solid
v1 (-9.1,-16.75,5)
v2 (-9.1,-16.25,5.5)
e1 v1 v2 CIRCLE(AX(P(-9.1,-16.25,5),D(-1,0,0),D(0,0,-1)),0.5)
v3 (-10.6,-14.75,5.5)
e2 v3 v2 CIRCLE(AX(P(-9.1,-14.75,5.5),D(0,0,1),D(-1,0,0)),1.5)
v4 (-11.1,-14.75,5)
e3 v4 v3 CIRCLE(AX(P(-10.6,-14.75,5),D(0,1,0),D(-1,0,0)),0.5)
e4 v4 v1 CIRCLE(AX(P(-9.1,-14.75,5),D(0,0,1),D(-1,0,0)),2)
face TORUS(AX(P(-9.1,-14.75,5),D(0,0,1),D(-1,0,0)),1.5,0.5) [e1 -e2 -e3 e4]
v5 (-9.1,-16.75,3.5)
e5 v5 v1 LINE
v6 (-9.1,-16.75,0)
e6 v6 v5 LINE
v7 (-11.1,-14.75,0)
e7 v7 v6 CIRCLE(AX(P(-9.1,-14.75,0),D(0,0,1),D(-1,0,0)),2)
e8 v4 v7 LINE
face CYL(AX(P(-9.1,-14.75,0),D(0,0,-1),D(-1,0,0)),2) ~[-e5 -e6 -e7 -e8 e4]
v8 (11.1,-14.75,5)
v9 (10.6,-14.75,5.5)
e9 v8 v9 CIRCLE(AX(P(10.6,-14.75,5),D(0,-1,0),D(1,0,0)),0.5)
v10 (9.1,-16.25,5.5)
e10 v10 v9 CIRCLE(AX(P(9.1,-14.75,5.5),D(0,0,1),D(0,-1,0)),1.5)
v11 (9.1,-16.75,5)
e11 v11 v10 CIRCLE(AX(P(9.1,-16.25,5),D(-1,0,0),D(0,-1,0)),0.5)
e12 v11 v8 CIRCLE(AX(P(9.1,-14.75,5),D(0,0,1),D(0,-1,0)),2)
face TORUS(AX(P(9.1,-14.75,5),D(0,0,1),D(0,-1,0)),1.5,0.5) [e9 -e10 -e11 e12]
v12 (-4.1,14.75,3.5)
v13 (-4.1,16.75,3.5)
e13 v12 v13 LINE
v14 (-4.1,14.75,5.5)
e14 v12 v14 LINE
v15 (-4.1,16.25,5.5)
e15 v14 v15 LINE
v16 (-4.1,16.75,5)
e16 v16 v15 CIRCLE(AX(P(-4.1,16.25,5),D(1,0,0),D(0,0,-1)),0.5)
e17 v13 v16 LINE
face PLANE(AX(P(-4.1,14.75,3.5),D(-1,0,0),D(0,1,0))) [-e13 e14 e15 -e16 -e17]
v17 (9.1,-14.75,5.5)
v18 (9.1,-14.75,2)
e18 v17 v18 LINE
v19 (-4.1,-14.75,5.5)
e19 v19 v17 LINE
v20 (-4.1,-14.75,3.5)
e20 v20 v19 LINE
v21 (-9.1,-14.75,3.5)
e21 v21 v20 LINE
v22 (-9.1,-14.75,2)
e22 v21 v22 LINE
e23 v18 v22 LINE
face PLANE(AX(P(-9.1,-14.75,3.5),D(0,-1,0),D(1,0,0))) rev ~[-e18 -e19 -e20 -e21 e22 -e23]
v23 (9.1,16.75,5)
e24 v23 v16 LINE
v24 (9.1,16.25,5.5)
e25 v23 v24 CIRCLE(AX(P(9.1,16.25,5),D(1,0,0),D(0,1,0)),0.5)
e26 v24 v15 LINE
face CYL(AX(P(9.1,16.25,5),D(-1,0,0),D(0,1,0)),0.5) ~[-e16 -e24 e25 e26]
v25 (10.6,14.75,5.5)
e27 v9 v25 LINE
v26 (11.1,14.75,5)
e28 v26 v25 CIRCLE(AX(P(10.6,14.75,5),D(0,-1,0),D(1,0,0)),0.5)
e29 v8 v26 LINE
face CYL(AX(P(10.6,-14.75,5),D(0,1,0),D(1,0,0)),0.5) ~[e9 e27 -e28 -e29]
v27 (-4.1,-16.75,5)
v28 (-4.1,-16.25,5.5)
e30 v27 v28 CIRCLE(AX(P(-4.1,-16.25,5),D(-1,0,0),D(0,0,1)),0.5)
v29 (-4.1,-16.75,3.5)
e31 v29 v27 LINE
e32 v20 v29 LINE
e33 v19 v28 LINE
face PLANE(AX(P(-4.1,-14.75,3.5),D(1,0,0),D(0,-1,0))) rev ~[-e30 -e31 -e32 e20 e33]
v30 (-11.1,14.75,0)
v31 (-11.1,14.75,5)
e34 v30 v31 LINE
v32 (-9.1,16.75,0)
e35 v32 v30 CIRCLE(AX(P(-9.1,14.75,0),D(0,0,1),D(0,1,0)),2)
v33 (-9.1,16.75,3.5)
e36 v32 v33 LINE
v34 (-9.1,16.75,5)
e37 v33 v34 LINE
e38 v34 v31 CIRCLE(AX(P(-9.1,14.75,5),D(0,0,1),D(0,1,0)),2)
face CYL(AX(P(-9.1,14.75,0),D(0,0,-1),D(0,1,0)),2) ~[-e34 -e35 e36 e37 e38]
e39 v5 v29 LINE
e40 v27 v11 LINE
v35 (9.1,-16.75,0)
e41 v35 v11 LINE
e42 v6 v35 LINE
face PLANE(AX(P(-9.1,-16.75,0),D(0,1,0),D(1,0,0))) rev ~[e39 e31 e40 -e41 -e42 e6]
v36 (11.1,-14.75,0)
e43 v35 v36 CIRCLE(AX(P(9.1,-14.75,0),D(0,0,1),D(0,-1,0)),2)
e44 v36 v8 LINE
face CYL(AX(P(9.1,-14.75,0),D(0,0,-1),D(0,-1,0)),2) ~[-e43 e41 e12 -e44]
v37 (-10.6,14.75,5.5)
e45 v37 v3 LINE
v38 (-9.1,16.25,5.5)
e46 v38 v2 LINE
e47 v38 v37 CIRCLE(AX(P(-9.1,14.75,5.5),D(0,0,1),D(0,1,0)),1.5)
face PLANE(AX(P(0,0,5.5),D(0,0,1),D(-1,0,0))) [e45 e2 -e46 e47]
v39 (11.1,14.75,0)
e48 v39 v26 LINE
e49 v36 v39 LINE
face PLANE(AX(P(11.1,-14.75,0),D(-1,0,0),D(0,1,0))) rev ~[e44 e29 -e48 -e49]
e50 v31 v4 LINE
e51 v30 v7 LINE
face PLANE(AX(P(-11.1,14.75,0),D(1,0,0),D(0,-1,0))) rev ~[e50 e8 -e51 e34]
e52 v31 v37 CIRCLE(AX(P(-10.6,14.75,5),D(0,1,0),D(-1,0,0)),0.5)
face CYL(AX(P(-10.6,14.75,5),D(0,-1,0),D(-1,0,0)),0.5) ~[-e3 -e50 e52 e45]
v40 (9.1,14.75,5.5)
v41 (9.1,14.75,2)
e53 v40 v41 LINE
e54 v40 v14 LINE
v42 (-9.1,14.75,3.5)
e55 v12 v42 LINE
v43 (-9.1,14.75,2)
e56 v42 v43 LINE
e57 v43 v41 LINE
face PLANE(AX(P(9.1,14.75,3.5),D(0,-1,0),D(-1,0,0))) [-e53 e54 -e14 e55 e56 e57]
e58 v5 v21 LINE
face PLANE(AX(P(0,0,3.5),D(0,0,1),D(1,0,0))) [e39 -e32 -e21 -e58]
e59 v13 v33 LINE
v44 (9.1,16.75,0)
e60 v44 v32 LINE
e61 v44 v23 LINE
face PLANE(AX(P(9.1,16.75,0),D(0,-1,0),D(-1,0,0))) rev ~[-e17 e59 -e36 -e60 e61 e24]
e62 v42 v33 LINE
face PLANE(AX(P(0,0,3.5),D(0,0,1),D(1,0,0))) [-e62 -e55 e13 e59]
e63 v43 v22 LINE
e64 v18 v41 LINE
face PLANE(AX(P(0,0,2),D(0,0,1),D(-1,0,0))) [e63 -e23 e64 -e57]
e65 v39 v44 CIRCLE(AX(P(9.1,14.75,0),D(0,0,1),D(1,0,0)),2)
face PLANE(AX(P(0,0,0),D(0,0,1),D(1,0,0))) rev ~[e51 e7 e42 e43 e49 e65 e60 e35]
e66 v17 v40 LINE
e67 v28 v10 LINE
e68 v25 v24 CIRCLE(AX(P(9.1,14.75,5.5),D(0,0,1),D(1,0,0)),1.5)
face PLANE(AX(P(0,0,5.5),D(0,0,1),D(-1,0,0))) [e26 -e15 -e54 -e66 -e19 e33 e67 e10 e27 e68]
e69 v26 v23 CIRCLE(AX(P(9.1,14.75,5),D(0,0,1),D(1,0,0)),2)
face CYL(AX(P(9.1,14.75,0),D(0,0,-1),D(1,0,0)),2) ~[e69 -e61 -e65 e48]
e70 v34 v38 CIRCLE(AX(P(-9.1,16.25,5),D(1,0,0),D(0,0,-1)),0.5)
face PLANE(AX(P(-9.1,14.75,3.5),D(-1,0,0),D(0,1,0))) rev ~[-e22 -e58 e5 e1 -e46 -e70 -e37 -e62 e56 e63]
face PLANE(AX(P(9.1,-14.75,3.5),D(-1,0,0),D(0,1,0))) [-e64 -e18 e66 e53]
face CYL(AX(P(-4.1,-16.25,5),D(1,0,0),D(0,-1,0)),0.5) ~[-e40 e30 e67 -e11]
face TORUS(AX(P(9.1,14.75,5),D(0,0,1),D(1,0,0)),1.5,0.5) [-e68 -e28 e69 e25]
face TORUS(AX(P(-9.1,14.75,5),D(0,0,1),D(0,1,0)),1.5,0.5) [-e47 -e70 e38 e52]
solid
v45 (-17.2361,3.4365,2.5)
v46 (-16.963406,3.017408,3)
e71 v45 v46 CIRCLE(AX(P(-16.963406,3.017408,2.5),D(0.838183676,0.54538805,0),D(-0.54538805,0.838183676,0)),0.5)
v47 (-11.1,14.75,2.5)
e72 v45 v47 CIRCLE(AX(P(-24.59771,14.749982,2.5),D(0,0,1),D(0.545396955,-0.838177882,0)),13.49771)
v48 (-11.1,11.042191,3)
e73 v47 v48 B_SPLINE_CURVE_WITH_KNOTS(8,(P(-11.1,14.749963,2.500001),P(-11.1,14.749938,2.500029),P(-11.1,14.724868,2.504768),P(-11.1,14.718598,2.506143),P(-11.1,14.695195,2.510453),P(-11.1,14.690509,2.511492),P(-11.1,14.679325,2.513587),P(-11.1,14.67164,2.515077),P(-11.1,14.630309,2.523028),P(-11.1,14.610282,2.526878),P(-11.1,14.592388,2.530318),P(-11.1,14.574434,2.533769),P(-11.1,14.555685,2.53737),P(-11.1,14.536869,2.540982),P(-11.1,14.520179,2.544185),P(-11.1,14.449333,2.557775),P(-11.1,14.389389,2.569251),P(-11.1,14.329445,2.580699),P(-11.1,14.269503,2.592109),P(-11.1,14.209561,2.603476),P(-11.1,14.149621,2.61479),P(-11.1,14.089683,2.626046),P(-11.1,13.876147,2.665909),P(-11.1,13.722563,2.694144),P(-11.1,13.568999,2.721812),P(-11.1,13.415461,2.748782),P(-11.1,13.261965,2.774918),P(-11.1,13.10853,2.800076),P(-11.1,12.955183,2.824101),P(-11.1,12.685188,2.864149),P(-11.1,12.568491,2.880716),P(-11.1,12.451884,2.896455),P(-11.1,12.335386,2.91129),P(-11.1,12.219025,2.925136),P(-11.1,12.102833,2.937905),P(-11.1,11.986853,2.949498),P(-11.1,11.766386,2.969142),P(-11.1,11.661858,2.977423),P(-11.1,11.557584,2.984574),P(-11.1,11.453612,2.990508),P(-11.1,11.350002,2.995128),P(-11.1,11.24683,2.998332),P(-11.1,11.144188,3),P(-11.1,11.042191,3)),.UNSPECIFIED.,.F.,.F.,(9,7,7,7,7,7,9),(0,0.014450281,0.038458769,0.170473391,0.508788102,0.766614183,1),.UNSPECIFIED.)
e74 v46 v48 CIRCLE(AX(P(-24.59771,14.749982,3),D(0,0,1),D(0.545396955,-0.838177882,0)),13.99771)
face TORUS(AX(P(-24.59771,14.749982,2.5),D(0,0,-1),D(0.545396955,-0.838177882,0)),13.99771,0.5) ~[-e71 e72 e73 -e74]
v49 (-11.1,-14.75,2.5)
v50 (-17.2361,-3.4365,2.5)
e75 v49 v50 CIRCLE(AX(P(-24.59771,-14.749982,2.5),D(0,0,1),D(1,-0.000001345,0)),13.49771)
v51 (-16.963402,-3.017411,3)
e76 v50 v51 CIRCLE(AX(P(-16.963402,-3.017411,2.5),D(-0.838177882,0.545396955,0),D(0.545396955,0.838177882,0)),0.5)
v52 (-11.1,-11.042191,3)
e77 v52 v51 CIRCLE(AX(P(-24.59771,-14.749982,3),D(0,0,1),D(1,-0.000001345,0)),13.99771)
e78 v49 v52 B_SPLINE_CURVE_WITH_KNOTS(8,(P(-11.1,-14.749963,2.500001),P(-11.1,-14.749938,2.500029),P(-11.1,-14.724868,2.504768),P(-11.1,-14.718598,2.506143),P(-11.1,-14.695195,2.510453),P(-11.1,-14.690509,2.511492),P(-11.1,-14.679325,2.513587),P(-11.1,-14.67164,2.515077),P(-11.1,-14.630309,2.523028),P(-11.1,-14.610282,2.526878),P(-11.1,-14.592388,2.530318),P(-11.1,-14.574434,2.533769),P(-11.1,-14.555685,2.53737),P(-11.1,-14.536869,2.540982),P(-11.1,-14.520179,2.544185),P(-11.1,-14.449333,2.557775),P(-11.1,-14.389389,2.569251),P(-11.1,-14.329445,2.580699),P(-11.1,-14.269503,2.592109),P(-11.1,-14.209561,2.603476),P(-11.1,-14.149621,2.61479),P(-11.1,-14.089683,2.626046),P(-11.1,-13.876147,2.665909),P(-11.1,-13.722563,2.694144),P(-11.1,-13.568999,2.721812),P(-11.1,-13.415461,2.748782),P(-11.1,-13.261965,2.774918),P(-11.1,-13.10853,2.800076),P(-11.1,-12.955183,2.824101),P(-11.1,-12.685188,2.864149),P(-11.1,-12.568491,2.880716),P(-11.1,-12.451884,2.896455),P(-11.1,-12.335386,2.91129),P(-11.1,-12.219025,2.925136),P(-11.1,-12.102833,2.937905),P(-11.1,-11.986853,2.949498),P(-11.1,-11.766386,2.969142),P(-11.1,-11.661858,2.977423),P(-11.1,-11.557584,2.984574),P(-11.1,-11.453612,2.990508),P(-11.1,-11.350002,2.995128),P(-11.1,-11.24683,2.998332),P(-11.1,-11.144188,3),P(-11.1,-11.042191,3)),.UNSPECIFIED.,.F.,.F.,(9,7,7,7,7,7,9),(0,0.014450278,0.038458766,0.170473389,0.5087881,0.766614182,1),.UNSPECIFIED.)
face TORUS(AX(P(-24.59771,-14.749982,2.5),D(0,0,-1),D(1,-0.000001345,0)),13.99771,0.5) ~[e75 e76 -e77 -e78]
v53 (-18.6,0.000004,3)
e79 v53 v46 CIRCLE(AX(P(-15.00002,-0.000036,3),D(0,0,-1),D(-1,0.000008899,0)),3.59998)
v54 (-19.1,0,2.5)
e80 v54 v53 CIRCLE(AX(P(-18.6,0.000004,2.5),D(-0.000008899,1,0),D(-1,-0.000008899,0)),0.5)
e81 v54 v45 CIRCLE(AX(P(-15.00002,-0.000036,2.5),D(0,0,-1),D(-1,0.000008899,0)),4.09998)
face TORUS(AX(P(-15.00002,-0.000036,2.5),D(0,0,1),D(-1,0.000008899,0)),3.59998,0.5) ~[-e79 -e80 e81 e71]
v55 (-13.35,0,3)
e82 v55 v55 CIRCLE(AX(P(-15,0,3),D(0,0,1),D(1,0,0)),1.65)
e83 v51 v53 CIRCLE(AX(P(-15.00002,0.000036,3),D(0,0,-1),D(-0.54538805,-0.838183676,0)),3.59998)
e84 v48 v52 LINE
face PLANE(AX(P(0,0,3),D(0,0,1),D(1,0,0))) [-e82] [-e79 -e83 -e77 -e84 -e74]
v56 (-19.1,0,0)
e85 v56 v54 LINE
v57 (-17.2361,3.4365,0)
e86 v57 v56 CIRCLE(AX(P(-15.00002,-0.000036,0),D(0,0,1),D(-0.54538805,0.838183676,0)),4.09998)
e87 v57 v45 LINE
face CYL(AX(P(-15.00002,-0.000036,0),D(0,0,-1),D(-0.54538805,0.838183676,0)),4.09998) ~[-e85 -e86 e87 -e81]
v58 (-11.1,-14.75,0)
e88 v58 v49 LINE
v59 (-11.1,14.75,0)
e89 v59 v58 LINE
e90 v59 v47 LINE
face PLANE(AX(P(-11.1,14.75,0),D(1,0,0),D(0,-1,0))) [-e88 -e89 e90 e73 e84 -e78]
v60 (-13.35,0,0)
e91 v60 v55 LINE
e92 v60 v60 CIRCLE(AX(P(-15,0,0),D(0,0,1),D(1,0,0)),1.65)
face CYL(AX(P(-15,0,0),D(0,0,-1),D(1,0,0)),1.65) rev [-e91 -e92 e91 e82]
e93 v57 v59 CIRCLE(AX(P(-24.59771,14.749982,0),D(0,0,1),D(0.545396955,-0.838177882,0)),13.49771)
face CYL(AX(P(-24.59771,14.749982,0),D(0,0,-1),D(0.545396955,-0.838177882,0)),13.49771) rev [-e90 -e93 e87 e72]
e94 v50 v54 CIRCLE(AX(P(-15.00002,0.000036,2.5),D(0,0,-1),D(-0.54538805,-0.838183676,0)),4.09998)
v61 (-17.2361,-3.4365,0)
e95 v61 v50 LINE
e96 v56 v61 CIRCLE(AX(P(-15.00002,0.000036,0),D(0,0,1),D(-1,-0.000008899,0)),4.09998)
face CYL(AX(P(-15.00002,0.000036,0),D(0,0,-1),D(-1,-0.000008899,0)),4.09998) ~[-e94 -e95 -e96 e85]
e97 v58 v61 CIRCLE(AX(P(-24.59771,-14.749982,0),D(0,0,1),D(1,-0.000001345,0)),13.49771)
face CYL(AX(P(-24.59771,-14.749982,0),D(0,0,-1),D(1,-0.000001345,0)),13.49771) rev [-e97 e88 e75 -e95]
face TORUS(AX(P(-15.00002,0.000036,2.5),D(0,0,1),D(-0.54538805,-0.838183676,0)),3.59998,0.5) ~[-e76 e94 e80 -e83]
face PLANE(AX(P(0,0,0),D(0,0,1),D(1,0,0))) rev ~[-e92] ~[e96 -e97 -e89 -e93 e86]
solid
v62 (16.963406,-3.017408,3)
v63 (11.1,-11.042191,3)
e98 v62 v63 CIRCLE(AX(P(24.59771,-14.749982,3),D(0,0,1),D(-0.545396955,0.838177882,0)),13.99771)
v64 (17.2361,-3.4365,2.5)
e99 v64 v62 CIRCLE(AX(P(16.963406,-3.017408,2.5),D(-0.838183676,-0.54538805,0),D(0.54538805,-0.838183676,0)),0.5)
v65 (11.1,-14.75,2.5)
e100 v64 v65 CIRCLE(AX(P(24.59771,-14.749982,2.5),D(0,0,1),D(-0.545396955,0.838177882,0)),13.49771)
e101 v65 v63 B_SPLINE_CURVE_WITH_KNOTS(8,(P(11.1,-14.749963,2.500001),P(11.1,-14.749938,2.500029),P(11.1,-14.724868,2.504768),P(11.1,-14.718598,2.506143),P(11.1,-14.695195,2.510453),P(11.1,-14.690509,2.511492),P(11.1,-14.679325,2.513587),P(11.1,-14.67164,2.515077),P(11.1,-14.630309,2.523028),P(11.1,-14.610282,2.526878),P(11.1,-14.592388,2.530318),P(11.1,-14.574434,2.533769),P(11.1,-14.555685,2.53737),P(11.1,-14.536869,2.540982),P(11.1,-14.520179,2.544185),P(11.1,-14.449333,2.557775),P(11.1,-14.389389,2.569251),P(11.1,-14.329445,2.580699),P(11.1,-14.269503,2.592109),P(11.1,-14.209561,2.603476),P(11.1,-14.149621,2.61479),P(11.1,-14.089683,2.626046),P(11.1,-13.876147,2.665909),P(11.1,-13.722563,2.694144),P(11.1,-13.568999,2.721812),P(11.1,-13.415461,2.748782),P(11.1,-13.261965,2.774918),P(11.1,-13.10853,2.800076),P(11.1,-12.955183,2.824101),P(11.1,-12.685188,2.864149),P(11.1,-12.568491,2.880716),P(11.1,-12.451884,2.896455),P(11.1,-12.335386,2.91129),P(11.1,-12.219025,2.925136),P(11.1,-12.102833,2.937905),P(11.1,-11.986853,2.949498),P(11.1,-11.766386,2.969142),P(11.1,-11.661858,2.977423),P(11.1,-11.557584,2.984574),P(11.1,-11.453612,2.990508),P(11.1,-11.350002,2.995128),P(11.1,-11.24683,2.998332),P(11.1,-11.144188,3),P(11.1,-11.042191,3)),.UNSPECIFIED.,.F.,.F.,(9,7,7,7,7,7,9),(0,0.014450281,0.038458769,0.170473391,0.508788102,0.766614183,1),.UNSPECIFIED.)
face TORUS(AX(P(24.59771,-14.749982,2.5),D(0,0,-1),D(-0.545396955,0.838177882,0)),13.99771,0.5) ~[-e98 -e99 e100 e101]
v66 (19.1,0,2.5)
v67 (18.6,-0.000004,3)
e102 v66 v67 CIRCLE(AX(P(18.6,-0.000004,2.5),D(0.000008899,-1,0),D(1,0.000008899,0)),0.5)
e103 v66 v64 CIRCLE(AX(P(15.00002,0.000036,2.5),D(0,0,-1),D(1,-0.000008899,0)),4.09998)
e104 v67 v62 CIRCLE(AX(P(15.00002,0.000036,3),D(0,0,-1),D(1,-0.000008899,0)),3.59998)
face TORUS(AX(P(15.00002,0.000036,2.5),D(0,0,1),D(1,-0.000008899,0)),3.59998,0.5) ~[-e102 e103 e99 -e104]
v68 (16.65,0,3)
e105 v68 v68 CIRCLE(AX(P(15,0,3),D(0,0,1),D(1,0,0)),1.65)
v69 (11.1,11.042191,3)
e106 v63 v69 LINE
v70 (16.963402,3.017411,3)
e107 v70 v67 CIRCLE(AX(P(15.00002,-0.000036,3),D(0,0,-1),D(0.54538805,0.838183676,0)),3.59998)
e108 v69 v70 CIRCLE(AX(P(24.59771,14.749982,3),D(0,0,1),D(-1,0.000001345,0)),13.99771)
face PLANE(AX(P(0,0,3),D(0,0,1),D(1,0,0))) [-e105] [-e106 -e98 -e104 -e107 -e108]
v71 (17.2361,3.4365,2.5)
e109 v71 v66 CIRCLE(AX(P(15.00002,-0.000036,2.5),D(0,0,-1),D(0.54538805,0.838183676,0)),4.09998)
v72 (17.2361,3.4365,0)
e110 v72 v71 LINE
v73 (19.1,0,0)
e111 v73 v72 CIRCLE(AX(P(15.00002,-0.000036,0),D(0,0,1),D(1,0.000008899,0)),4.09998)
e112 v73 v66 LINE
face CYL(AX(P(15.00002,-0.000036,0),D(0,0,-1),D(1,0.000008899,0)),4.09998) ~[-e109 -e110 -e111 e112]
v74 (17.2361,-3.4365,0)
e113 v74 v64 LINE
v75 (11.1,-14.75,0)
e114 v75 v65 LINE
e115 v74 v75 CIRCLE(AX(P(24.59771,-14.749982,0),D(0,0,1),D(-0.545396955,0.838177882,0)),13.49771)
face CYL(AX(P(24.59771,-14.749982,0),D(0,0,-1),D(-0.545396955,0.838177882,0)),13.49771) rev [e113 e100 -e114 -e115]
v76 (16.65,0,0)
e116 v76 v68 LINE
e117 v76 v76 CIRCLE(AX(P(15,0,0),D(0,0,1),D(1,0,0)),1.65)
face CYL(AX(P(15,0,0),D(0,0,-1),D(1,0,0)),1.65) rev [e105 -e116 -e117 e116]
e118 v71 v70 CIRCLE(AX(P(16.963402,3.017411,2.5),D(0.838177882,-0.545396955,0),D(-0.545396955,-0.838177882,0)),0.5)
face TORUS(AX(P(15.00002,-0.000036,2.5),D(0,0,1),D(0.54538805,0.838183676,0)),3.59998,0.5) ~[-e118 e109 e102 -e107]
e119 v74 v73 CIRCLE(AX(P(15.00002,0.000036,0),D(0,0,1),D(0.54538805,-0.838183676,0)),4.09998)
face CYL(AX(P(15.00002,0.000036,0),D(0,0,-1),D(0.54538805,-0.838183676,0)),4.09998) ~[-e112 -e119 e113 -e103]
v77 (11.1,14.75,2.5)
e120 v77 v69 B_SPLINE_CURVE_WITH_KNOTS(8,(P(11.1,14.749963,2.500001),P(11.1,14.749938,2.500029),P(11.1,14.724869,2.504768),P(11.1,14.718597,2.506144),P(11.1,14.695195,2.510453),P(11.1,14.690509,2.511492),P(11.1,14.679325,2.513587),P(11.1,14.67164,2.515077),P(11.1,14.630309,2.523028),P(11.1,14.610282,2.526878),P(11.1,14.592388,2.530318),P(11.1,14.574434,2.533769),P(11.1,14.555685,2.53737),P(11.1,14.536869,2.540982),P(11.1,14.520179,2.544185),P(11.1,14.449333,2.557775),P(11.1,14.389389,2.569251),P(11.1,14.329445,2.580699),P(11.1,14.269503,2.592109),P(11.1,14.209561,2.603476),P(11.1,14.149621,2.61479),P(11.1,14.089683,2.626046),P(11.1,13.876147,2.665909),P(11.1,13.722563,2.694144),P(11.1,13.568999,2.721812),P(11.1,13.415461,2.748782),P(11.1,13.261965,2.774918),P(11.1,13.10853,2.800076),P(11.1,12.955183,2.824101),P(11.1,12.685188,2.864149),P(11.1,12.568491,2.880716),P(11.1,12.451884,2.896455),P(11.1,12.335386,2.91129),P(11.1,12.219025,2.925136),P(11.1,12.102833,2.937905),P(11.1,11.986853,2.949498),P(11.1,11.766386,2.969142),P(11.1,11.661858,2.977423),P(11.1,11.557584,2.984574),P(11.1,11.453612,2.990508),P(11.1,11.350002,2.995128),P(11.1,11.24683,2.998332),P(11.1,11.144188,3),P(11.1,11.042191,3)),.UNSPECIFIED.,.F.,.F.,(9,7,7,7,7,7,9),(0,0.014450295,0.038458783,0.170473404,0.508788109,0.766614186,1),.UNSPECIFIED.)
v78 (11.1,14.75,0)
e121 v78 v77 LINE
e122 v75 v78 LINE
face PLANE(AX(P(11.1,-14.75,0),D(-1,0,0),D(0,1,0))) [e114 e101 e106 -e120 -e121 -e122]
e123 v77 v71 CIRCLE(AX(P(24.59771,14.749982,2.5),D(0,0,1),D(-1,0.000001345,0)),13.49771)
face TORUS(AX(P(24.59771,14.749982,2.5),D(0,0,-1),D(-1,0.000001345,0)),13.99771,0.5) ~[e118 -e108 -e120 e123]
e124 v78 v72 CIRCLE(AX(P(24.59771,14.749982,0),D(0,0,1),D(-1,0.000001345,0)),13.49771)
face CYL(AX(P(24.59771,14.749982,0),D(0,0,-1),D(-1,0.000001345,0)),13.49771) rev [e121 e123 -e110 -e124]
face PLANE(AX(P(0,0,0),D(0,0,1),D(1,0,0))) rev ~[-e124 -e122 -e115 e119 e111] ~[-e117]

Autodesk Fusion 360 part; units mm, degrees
sketch "草图1" plane through (0, 0, 0) normal (0, 0, 1) x (1, 0, 0)
  line L0 (8.85, 14.5) -> (-8.85, 14.5) construction
  line L1 (-8.85, 14.5) -> (-8.85, -14.5) construction
  line L2 (-8.85, -14.5) -> (8.85, -14.5) construction
  line L3 (8.85, -14.5) -> (8.85, 14.5) construction
  line L4 (8.85, 14.5) -> (-8.85, -14.5) construction
  line L5 (-8.85, 14.5) -> (8.85, -14.5) construction
  line L6 (9.1, 14.75) -> (-9.1, 14.75)
  line L7 (-9.1, 14.75) -> (-9.1, -14.75)
  line L8 (-9.1, -14.75) -> (9.1, -14.75)
  line L9 (9.1, -14.75) -> (9.1, 14.75)
  line L10 (9.1, 14.75) -> (-9.1, -14.75) construction
  line L11 (-9.1, 14.75) -> (9.1, -14.75) construction
  line L12 (-9.1, -16.75) -> (9.1, -16.75)
  line L13 (11.1, -14.75) -> (11.1, 14.75)
  line L14 (9.1, 16.75) -> (-9.1, 16.75)
  line L15 (-11.1, 14.75) -> (-11.1, -14.75)
  arc A0 (-9.1, 16.75) -> (-11.1, 14.75) centre (-9.1, 14.75) ccw
  arc A1 (11.1, 14.75) -> (9.1, 16.75) centre (9.1, 14.75) ccw
  arc A2 (9.1, -16.75) -> (11.1, -14.75) centre (9.1, -14.75) ccw
  arc A3 (-11.1, -14.75) -> (-9.1, -16.75) centre (-9.1, -14.75) ccw
  circle A4 centre (15, 0) radius 1.65
  line L16 (0, 0) -> (0, 9) construction
  circle A5 centre (-15, 0) radius 1.65
  line L17 (19.1, 4.3337) -> (19.1, -4) construction
  circle A6 centre (15, 0) radius 4.1 construction
  arc A7 (11.1, 14.75) -> (17.2361, 3.4365) centre (24.5977, 14.75) ccw
  arc A8 (19.1, 0) -> (17.2361, 3.4365) centre (15, 0) ccw
  line L18 (0, 0) -> (27.1496, 0) construction
  arc A9 (17.2361, -3.4365) -> (11.1, -14.75) centre (24.5977, -14.75) ccw
  arc A10 (17.2361, -3.4365) -> (19.1, 0) centre (15, 0) ccw
  arc A11 (-17.2361, 3.4365) -> (-11.1, 14.75) centre (-24.5977, 14.75) ccw
  arc A12 (-17.2361, 3.4365) -> (-19.1, 0) centre (-15, 0) ccw
  arc A13 (-19.1, 0) -> (-17.2361, -3.4365) centre (-15, 0) ccw
  arc A14 (-11.1, -14.75) -> (-17.2361, -3.4365) centre (-24.5977, -14.75) ccw
  dimension "d1" = 17.7
  dimension "d2" = 29
  dimension "d3" = 18.2
  dimension "d4" = 29.5
  dimension "d8" = 2
  dimension "d17" = 3.3
  dimension "d18" = 15
  dimension "d19" = 8
extrude "拉伸1" add sketch "草图1" along normal blind 3.5 contours L6 L7 L8 L9 | L12 L13 L14 L15 A0 A1 A2 A3 makes body 1
sketch "草图2" plane through (0, 0, 3.5) normal (0, 0, 1) x (-1, 0, 0)
  line L0 (11.1, -14.75) -> (11.1, 14.75)
  line L1 (9.1, 16.75) -> (-9.1, 16.75)
  line L2 (-11.1, 14.75) -> (-11.1, -14.75)
  line L3 (-9.1, -16.75) -> (9.1, -16.75)
  arc A0 (11.1, 14.75) -> (9.1, 16.75) centre (9.1, 14.75) ccw
  arc A1 (-9.1, 16.75) -> (-11.1, 14.75) centre (-9.1, 14.75) ccw
  arc A2 (-11.1, -14.75) -> (-9.1, -16.75) centre (-9.1, -14.75) ccw
  arc A3 (9.1, -16.75) -> (11.1, -14.75) centre (9.1, -14.75) ccw
  line L4 (-9.1, -14.75) -> (9.1, -14.75)
  line L5 (9.1, -14.75) -> (9.1, 14.75)
  line L6 (9.1, 14.75) -> (-9.1, 14.75)
  line L7 (-9.1, 14.75) -> (-9.1, -14.75)
  line L8 (-9.1, -14.75) -> (9.1, 14.75) construction
  line L9 (9.1, -14.75) -> (-9.1, 14.75) construction
  line L10 (9.1, -14.75) -> (9.1, -16.75)
  line L11 (4.1, -14.75) -> (4.1, -16.75)
  line L12 (9.1, 14.75) -> (9.1, 16.75)
  line L13 (4.1, 14.75) -> (4.1, 16.75)
  dimension "d9" = 18.2
  dimension "d10" = 29.5
  dimension "d11" = 5
  dimension "d12" = 5
extrude "拉伸2" add sketch "草图2" along normal blind 2 contours L0 A0 A3 L5 L10 L12 | L1 L2 L3 A1 A2 L4 L6 L7 L11 L13 bodies 1
extrude "拉伸3" cut sketch "草图2" against normal blind 1.5 contours L4 L5 L6 L7 bodies 1
extrude "拉伸4" add sketch "草图1" along normal blind 3 separate body contours L15 A11 A12 A13 A14 | L13 A7 A8 A9 A10 makes body 2 at (-11.1, 4.9167, 1) makes body 3 at (11.1, -4.9167, 1)
fillet "圆角1" radius 0.5 3 edges at (-12.7328, 8.3148, 3) (-19.1, 0, 3) (-12.7328, -8.3148, 3) on bodies 2
fillet "圆角2" radius 0.5 11 edges at (2.5, -16.75, 5.5) (10.5142, -16.1642, 5.5) (11.1, 0, 5.5) (10.5142, 16.1642, 5.5) (2.5, 16.75, 5.5) (-10.5142, 16.1642, 5.5) (-11.1, 0, 5.5) (-10.5142, -16.1642, 5.5) (12.7328, -8.3148, 3) (19.1, 0, 3) (12.7328, 8.3148, 3) on bodies 1 3
equation "d3 = 17.7 mm + 0.5 mm"
equation "d6 = 1.5 mm + 2 mm"
